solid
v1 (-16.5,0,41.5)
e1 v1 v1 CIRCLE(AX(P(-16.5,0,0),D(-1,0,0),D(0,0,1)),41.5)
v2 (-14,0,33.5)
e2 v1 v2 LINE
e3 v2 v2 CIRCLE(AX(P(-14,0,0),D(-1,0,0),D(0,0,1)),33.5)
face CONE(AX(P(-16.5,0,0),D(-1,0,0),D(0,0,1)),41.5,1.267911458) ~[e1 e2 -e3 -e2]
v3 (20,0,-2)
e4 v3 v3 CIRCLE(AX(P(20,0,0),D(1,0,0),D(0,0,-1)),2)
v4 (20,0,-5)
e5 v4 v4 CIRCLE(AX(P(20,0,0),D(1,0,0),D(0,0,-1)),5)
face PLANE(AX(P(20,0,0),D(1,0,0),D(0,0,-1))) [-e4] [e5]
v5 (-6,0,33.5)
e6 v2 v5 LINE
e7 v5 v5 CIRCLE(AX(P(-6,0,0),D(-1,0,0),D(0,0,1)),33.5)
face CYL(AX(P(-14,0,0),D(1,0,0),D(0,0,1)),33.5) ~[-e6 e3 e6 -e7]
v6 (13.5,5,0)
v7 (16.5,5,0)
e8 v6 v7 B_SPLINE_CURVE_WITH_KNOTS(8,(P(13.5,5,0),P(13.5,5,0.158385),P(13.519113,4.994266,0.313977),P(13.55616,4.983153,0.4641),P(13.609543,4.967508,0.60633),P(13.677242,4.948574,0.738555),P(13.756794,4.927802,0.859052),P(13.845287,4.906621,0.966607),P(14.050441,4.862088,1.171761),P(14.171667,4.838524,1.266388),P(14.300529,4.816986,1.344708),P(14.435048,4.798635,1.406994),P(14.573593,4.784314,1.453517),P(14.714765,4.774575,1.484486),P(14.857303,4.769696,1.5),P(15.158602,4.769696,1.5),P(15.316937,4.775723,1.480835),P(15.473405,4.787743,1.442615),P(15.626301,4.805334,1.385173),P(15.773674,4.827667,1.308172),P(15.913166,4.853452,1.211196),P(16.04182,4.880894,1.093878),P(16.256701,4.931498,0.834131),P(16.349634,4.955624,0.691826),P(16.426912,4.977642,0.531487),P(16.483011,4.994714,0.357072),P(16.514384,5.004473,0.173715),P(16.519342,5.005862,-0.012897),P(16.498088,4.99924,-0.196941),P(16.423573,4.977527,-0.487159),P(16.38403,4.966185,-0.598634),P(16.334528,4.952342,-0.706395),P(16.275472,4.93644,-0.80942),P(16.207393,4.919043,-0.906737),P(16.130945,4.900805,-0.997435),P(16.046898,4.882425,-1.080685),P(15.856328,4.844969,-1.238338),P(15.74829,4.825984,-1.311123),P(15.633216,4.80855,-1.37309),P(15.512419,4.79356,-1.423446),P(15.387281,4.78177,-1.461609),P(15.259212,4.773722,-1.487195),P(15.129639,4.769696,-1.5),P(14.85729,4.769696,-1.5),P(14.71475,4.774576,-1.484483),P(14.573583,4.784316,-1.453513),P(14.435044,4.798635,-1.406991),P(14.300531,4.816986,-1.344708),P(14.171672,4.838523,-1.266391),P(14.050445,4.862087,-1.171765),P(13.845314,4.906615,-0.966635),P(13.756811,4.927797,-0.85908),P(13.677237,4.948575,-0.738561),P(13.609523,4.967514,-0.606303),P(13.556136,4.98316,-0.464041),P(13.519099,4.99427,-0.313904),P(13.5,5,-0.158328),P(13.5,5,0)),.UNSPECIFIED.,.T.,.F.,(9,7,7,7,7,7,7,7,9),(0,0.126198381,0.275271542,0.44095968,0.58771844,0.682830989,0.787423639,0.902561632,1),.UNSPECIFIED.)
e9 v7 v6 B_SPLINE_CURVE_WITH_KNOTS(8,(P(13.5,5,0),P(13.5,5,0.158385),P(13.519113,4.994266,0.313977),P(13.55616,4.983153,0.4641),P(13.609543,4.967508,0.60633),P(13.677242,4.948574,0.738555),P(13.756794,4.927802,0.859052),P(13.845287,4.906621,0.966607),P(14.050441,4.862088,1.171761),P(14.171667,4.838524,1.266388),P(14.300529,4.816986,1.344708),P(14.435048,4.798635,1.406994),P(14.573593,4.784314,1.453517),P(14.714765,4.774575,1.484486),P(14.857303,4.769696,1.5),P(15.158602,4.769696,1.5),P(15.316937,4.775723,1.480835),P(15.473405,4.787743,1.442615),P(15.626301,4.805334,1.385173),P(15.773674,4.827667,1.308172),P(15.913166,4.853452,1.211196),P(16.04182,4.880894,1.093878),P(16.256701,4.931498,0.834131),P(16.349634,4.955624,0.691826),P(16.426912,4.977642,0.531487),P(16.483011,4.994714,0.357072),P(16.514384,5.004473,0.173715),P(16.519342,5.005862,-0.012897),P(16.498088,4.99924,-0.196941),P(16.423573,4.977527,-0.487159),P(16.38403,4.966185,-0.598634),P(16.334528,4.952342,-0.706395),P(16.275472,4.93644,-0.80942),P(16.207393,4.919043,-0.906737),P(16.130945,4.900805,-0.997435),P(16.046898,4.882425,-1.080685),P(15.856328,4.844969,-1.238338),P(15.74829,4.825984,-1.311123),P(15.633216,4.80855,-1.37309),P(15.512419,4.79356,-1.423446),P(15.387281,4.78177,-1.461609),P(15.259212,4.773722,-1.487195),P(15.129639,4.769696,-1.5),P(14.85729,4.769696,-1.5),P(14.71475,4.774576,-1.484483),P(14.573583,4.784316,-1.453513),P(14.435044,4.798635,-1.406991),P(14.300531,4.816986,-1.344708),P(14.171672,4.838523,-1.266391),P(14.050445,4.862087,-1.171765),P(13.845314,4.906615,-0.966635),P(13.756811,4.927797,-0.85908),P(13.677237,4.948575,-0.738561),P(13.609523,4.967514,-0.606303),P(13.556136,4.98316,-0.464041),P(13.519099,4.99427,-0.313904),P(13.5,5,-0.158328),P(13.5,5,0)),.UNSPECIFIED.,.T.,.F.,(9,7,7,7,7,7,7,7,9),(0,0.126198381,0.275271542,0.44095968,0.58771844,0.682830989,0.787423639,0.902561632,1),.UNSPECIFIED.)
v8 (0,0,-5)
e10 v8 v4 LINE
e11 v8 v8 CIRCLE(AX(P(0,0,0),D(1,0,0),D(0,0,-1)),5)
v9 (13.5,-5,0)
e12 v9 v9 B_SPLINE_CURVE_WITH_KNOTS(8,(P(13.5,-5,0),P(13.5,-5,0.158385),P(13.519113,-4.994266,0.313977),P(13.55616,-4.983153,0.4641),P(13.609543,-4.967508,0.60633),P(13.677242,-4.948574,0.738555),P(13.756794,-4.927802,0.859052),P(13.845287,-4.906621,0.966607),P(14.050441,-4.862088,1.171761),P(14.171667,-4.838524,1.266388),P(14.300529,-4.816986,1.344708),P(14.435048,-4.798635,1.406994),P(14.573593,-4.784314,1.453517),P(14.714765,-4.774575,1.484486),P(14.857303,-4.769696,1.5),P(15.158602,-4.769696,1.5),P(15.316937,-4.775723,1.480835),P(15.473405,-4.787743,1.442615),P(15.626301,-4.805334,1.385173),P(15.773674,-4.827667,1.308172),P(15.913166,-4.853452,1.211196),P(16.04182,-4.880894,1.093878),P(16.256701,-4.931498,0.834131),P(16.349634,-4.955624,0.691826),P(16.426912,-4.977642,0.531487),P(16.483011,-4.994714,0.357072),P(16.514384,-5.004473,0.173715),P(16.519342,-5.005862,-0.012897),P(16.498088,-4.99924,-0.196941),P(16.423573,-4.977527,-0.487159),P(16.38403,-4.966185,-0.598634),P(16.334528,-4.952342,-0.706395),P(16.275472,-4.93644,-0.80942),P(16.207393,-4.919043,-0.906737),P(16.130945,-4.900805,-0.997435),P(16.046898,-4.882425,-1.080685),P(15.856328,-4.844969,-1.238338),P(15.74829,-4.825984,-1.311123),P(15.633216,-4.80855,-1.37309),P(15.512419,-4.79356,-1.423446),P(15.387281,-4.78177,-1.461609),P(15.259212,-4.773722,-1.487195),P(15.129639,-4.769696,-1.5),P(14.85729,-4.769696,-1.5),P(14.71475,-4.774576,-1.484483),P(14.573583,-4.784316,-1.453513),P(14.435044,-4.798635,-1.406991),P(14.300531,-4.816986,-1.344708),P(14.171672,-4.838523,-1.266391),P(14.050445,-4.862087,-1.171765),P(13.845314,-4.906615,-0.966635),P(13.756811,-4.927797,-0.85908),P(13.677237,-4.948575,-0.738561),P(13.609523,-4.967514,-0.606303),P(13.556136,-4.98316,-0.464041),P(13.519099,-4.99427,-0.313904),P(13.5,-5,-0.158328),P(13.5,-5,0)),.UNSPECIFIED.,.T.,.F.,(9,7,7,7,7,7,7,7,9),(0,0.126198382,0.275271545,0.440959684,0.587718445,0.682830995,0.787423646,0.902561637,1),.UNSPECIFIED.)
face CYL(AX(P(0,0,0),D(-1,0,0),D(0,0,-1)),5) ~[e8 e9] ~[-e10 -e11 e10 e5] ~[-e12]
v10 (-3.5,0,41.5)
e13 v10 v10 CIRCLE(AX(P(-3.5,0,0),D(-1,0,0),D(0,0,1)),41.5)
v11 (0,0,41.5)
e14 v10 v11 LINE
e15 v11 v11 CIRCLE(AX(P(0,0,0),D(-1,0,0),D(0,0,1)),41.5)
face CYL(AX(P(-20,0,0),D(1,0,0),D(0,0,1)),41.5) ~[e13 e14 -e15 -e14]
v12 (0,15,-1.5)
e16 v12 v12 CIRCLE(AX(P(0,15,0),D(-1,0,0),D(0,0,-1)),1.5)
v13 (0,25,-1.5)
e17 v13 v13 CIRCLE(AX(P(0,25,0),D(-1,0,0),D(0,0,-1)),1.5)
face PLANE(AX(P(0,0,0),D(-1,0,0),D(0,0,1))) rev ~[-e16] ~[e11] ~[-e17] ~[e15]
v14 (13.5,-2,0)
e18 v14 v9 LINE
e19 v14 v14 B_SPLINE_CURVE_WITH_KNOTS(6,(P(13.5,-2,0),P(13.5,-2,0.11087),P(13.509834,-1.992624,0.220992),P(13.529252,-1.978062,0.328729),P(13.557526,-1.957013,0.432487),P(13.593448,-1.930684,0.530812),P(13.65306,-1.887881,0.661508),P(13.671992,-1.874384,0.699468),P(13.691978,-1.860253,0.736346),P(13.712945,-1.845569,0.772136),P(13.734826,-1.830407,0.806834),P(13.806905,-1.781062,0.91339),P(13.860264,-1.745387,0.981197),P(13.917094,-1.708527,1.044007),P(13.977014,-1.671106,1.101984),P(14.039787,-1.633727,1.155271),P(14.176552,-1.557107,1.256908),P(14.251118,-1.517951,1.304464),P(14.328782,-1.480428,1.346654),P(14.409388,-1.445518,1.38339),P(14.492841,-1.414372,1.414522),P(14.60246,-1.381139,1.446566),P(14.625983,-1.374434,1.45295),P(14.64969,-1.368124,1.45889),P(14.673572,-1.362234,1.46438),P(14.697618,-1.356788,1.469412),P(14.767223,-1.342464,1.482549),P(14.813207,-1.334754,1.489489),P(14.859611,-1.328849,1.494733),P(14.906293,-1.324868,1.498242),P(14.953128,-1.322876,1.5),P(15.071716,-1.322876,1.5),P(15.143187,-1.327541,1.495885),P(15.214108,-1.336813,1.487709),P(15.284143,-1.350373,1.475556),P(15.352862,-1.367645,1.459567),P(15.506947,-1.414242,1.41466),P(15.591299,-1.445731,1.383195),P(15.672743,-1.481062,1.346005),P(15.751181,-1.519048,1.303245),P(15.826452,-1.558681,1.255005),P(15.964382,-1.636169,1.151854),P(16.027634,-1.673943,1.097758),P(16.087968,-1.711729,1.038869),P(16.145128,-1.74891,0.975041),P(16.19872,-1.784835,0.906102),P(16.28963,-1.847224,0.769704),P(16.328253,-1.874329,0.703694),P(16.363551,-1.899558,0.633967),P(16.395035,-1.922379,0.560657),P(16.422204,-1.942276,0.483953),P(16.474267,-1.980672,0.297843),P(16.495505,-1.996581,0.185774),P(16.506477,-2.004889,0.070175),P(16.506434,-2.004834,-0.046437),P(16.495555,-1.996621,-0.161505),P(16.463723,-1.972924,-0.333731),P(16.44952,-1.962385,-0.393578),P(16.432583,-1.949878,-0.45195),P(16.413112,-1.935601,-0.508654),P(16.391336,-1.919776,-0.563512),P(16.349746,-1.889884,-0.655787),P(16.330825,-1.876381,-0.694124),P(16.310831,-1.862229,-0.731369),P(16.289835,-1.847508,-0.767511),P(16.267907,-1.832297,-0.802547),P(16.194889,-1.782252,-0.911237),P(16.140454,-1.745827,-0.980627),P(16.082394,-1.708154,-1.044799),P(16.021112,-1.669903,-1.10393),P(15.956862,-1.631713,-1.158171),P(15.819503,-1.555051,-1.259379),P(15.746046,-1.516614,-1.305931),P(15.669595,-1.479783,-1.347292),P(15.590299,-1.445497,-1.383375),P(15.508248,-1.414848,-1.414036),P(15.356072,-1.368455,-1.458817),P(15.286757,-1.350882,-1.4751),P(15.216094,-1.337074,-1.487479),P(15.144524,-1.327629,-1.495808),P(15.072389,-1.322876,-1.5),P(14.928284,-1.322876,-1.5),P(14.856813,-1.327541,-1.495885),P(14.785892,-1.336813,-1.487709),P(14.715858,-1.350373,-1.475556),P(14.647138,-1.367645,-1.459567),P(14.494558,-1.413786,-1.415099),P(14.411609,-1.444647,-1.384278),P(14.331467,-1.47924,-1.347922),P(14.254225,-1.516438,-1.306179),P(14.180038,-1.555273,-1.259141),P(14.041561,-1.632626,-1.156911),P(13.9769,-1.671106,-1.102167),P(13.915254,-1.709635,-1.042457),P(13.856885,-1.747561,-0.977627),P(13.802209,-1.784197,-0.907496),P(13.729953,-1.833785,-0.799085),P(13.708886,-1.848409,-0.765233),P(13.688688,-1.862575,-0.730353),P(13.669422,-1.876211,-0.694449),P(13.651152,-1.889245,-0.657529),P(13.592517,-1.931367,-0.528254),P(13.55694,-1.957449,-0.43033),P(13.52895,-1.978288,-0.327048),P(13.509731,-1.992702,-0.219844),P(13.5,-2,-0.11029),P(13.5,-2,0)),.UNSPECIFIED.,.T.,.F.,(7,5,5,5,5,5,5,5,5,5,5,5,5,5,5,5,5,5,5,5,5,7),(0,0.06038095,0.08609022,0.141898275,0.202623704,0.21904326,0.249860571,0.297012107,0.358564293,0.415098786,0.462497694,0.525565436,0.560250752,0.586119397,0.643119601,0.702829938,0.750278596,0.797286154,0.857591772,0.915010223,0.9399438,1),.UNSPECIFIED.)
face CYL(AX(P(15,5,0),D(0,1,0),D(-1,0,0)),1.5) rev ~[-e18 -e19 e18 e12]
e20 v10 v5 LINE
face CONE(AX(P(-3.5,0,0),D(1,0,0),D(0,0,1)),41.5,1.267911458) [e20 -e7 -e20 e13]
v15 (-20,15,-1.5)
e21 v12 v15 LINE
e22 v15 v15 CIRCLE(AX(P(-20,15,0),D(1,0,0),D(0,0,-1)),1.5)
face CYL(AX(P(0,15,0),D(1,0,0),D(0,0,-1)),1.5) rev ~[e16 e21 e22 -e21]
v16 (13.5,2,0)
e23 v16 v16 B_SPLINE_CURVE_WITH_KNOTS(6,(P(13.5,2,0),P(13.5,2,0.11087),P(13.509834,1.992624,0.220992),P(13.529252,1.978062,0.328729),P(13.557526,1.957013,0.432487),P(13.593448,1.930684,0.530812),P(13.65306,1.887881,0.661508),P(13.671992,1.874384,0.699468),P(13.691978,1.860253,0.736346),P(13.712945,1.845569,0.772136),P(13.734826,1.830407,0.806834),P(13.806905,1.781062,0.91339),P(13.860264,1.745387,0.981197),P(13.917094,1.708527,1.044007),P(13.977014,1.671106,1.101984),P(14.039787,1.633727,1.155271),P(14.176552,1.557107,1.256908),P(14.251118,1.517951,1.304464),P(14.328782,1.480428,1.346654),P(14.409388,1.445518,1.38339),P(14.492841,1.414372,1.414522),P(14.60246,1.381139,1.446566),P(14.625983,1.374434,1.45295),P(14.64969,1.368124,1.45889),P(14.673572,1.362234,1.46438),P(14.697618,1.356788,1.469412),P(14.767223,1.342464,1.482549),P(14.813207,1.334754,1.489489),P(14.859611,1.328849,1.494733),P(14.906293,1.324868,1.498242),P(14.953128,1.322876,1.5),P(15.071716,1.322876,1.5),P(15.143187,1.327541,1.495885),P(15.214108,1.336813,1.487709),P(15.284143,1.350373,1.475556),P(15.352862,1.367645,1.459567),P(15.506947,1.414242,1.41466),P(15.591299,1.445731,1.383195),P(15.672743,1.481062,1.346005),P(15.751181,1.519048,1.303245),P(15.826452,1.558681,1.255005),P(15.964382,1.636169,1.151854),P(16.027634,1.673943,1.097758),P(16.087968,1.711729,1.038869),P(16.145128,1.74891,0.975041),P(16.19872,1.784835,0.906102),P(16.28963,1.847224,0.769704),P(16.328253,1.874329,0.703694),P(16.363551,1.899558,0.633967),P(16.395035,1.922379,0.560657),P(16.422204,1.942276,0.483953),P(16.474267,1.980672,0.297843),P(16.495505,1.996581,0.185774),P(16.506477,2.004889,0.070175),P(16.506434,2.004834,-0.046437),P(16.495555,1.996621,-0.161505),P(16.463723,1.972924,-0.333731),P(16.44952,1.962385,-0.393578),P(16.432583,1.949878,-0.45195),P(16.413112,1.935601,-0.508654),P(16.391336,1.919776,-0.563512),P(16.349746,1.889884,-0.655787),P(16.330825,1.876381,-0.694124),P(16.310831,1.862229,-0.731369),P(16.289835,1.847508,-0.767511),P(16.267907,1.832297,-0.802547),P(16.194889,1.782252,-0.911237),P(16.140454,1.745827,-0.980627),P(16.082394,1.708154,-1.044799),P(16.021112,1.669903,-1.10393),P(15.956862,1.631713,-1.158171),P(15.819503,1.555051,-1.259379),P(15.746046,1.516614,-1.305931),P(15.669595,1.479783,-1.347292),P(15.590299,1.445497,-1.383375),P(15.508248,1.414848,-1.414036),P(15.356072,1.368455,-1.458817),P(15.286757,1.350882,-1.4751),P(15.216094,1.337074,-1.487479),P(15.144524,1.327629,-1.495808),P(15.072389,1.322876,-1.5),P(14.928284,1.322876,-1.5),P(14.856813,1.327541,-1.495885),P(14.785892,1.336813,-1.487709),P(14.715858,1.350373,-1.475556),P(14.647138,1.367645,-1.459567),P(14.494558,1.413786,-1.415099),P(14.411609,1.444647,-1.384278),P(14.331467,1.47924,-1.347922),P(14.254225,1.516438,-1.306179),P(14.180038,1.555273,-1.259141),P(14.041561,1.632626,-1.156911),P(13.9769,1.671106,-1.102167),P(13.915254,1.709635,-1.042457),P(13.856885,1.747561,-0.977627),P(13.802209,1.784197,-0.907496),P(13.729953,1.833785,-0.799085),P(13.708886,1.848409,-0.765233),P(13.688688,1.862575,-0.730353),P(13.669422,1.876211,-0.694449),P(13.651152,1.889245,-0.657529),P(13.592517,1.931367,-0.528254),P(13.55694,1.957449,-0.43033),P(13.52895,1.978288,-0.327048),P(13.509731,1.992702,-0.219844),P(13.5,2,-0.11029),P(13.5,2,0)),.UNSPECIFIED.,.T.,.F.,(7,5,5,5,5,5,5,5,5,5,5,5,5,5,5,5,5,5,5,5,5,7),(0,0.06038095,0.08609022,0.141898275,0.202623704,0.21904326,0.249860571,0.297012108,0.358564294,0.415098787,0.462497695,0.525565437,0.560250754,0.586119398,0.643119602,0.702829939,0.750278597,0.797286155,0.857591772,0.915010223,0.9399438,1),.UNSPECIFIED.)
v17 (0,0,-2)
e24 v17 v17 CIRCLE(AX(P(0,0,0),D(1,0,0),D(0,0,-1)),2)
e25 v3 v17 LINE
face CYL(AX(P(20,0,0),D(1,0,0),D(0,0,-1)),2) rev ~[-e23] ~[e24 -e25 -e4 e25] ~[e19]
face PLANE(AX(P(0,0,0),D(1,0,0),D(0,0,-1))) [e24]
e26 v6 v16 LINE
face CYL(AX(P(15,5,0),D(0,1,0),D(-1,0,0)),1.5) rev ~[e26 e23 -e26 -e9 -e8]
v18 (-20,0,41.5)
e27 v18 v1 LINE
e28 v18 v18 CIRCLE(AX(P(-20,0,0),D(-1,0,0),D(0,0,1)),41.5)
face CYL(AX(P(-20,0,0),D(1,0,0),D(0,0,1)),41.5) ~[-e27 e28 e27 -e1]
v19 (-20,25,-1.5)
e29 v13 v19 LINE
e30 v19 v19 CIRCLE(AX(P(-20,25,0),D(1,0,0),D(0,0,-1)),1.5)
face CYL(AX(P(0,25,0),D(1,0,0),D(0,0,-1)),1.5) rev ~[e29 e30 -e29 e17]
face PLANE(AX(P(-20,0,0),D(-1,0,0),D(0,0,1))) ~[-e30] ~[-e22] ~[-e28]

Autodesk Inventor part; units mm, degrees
ref_plane "YZ Plane" through (0, 0, 0) normal (1, 0, 0) x (0, 1, 0)
sketch "Эскиз1" plane through (0, 0, 0) normal (0, 1, 0) x (-1, 0, 0)
  line L0 (0, 0) -> (20, 0)
  line L1 (20, 0) -> (20, 41.5)
  line L2 (20, 41.5) -> (0, 41.5)
  line L3 (0, 41.5) -> (0, 0)
  line L4 (20, 41.5) -> (14, 41.5)
  line L5 (14, 41.5) -> (14, 33.5)
  line L6 (14, 33.5) -> (6, 33.5)
  line L7 (6, 33.5) -> (6, 41.5)
  line L8 (10, 33.5) -> (10, 41.5)
  line L9 (10, 41.5) -> (3.5, 41.5)
  line L10 (3.5, 41.5) -> (6, 33.5)
  line L11 (10, 41.5) -> (16.5, 41.5)
  line L12 (16.5, 41.5) -> (14, 33.5)
  dimension "d0" = 20
  dimension "d1" = 41.5
  dimension "d2" = 6
  dimension "d3" = 8
  dimension "d4" = 8
  dimension "d38" = 6.5
  dimension "d39" = 6.5
revolve "Вращение1" add sketch "Эскиз1" angle 360 about axis through (0, 0, 0) along (-1, 0, 0) contours L3 L2 L10 L6 L12 L1 L0
sketch "Эскиз2" plane through (0, 0, 0) normal (1, 0, 0) x (0, 0, -1)
  circle A0 centre (0, 0) radius 5
  dimension "d6" = 10
extrude "Выдавливание1" add sketch "Эскиз2" along normal blind 20
sketch "Эскиз3" plane through (20, 0, 0) normal (1, 0, 0) x (0, 0, -1)
  circle A0 centre (0, 0) radius 2
  dimension "d9" = 4
extrude "Выдавливание2" cut sketch "Эскиз3" against normal blind 20
sketch "Эскиз4" plane through (0, 0, 0) normal (1, 0, 0) x (0, 0, -1)
  circle A0 centre (0, 0) radius 5 projected
  point P0 (0, 5)
ref_plane "РабПлоскость1" through (0, 5, 0) normal (0, 1, 0) x (-1, 0, 0)
sketch "Эскиз5" plane through (0, 5, 0) normal (0, 1, 0) x (-1, 0, 0)
  line L0 (0, 0) -> (-15, 0)
  circle A0 centre (-15, 0) radius 1.5
  dimension "d18" = 15
  dimension "d19" = 3
extrude "Выдавливание3" cut sketch "Эскиз5" against normal blind 58
thread "Резьба1" size "M3x0.5" class "6H" standard "ISO Metric profile" full length
ref_plane "РабПлоскость2" through (-10, 0, 0) normal (-1, 0, 0) x (0, 0, 1)
sketch "Эскиз6" plane through (0, 0, 0) normal (1, 0, 0) x (0, 0, -1)
  circle A0 centre (0, 0) radius 5 projected
  line L0 (0, 0) -> (0, 25)
  circle A1 centre (0, 25) radius 1.5
  line L1 (0, 0) -> (0, 15)
  circle A2 centre (0, 15) radius 1.5
  dimension "d28" = 25
  dimension "d29" = 3
  dimension "d42" = 15
  dimension "d43" = 3
extrude "Выдавливание4" cut sketch "Эскиз6" against normal blind 59.75 contours A1 | A2 L0 | L0 A2
thread "Резьба2" size "M3x0.5" class "6H" standard "ANSI Metric M Profile" full length
thread "Резьба3" size "M3x0.5" class "6H" standard "ANSI Metric M Profile" full length
properties part number "17701729.303661.005"
